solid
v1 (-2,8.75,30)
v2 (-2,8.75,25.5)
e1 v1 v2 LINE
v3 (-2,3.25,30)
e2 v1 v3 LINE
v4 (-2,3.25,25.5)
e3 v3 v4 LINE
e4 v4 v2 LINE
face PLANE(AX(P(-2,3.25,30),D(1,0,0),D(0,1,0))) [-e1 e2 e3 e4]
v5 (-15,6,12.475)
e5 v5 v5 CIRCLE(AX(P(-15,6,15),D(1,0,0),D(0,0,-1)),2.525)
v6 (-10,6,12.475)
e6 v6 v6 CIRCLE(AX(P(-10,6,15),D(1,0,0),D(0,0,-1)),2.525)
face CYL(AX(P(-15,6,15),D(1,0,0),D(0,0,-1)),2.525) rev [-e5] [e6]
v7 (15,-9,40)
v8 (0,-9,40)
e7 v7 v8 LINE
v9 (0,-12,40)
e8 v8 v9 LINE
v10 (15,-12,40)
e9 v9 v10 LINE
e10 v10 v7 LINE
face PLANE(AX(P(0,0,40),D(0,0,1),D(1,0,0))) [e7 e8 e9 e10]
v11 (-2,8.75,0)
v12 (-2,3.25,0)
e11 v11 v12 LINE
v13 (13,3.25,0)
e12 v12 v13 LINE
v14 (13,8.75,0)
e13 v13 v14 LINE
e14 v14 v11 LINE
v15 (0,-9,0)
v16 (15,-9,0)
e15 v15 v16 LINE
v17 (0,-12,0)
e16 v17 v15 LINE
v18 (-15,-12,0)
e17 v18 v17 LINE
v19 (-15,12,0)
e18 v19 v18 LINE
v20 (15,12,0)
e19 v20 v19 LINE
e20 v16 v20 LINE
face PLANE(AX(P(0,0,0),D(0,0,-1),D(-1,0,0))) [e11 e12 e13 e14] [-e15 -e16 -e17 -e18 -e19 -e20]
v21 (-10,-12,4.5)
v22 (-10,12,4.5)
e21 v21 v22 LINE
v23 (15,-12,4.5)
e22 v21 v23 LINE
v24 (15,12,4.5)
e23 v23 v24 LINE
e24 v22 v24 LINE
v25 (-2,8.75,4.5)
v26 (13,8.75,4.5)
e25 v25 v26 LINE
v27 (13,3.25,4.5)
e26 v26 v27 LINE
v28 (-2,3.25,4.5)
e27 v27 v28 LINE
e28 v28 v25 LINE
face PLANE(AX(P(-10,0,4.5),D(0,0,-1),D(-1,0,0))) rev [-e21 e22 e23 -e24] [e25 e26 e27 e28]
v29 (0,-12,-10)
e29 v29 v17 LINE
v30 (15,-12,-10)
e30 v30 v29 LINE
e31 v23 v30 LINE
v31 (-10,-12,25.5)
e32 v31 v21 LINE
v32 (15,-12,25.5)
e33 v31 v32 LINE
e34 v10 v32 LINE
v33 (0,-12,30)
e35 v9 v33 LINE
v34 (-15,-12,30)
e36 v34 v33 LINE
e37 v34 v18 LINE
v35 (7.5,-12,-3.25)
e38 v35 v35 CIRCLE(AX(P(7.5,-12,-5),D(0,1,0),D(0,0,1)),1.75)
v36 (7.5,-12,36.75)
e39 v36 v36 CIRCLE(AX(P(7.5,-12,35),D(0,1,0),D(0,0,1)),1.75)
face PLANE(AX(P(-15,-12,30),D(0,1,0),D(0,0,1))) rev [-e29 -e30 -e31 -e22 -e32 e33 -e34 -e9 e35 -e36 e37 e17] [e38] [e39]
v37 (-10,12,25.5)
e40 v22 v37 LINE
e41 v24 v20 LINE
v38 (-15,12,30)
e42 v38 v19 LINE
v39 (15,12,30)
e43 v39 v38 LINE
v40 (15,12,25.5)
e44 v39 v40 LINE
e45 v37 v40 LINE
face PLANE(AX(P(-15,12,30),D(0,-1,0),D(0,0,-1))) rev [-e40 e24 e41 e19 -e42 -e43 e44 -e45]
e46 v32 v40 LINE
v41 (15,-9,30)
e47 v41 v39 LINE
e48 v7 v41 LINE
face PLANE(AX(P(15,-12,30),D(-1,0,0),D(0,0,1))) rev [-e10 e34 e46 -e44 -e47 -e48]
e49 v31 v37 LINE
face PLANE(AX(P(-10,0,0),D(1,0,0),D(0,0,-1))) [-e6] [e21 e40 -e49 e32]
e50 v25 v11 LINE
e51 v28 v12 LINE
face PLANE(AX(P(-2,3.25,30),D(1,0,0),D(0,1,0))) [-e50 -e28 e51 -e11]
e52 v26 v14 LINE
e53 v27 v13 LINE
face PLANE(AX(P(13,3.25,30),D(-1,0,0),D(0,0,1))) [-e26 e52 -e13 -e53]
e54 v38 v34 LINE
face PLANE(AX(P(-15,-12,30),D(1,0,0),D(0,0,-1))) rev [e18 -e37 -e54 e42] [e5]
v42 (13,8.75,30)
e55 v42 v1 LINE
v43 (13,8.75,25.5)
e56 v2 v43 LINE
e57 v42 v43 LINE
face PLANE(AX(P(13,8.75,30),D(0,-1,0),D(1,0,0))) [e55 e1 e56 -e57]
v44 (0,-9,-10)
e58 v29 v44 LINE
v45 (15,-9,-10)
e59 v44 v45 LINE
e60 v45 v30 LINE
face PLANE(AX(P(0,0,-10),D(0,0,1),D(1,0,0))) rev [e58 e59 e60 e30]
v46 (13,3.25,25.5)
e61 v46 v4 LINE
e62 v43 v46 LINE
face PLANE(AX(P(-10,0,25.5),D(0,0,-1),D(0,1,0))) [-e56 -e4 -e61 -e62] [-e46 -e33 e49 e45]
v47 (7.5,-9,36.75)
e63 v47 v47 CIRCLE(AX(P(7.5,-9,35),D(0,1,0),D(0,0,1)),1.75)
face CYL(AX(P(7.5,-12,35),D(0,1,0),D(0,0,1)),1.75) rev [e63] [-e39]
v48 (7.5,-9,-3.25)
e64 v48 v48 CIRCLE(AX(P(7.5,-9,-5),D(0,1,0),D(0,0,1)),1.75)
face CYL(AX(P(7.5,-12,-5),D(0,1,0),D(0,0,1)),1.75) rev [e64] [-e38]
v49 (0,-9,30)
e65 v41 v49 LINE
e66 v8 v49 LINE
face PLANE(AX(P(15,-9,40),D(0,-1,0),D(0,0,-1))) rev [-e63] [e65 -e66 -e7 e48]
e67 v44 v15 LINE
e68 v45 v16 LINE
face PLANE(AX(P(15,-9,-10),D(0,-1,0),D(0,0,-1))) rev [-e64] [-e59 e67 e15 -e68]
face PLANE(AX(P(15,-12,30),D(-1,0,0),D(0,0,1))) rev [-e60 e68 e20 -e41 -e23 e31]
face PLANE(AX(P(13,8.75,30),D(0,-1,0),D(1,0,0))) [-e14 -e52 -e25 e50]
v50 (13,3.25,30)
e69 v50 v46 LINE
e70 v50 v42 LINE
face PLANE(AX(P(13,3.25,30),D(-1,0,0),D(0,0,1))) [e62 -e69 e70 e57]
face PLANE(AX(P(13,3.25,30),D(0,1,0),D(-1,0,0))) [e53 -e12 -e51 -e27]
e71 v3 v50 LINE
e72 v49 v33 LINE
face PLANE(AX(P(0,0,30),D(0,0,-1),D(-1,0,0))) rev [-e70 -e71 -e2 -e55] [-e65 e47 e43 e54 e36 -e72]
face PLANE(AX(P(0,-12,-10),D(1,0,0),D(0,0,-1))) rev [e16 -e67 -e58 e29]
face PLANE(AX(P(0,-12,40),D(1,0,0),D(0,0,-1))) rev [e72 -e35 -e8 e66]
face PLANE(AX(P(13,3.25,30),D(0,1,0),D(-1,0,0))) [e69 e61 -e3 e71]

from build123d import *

# Parameters (mm, degrees)
SKETCH1_W           = 30
SKETCH1_H           = 24
SKETCH1_W_2         = 15
SKETCH1_H_2         = 5.5
BOSS_EXTRUDE1_DEPTH = 30
SKETCH2_W           = 21
SKETCH2_H           = 24
CUT_EXTRUDE1_DEPTH  = 25
SKETCH3_R           = 2.525
CUT_EXTRUDE2_DEPTH  = 41.853396432
SKETCH_1_W          = 15
SKETCH_1_H          = 3
EXTRUDE_1_DEPTH     = 10
SKETCH_2_W          = 15
SKETCH_2_H          = 3
EXTRUDE_2_DEPTH     = 10
SKETCH_3_R          = 1.75
CUT_EXTRUDE_1_DEPTH = 48.602520942
SKETCH_4_R          = 1.75
CUT_EXTRUDE_2_DEPTH = 48.602520942


with BuildPart() as part:
    # Sketch1 → Boss-Extrude1 (new body)
    with BuildSketch(Plane.XY):
        Rectangle(SKETCH1_W, SKETCH1_H)
        with Locations((5.5, 6)):
            Rectangle(SKETCH1_W_2, SKETCH1_H_2, mode=Mode.SUBTRACT)
    extrude(amount=BOSS_EXTRUDE1_DEPTH)

    # Sketch2 → Cut-Extrude1 (cut)
    with BuildSketch(Plane(origin=(15, 0, 0), x_dir=(0, 0, -1), z_dir=(1, 0, 0))):
        with Locations((-15, 0)):
            Rectangle(SKETCH2_W, SKETCH2_H)
    extrude(amount=-CUT_EXTRUDE1_DEPTH, mode=Mode.SUBTRACT)

    # Sketch3 → Cut-Extrude2 (cut, through all)
    with BuildSketch(Plane(origin=(-10, 0, 0), x_dir=(0, 0, -1), z_dir=(1, 0, 0))):
        with Locations((-15, 6)):
            Circle(SKETCH3_R)
    extrude(amount=-CUT_EXTRUDE2_DEPTH, mode=Mode.SUBTRACT)

    # Эскиз1 → Бобышка-Вытянуть1 (add)
    with BuildSketch(Plane.XY.offset(30)):
        with Locations((7.5, -10.5)):
            Rectangle(SKETCH_1_W, SKETCH_1_H)
    extrude(amount=EXTRUDE_1_DEPTH)

    # Эскиз2 → Бобышка-Вытянуть2 (add)
    with BuildSketch(Plane(origin=(0, 0, 0), x_dir=(-1, 0, 0), z_dir=(0, 0, -1))):
        with Locations((-7.5, -10.5)):
            Rectangle(SKETCH_2_W, SKETCH_2_H)
    extrude(amount=EXTRUDE_2_DEPTH)

    # Эскиз3 → Вырез-Вытянуть1 (cut, through all)
    with BuildSketch(Plane(origin=(0, -9, 0), x_dir=(1, 0, 0), z_dir=(0, 1, 0))):
        with Locations(Location((7.5, -35, 0), (0, 0, 270))):
            Circle(SKETCH_3_R)
    extrude(amount=-CUT_EXTRUDE_1_DEPTH, mode=Mode.SUBTRACT)

    # Эскиз4 → Вырез-Вытянуть2 (cut, through all)
    with BuildSketch(Plane(origin=(0, -9, 0), x_dir=(1, 0, 0), z_dir=(0, 1, 0))):
        with Locations(Location((7.5, 5, 0), (0, 0, 270))):
            Circle(SKETCH_4_R)
    extrude(amount=-CUT_EXTRUDE_2_DEPTH, mode=Mode.SUBTRACT)


solid = part.part
